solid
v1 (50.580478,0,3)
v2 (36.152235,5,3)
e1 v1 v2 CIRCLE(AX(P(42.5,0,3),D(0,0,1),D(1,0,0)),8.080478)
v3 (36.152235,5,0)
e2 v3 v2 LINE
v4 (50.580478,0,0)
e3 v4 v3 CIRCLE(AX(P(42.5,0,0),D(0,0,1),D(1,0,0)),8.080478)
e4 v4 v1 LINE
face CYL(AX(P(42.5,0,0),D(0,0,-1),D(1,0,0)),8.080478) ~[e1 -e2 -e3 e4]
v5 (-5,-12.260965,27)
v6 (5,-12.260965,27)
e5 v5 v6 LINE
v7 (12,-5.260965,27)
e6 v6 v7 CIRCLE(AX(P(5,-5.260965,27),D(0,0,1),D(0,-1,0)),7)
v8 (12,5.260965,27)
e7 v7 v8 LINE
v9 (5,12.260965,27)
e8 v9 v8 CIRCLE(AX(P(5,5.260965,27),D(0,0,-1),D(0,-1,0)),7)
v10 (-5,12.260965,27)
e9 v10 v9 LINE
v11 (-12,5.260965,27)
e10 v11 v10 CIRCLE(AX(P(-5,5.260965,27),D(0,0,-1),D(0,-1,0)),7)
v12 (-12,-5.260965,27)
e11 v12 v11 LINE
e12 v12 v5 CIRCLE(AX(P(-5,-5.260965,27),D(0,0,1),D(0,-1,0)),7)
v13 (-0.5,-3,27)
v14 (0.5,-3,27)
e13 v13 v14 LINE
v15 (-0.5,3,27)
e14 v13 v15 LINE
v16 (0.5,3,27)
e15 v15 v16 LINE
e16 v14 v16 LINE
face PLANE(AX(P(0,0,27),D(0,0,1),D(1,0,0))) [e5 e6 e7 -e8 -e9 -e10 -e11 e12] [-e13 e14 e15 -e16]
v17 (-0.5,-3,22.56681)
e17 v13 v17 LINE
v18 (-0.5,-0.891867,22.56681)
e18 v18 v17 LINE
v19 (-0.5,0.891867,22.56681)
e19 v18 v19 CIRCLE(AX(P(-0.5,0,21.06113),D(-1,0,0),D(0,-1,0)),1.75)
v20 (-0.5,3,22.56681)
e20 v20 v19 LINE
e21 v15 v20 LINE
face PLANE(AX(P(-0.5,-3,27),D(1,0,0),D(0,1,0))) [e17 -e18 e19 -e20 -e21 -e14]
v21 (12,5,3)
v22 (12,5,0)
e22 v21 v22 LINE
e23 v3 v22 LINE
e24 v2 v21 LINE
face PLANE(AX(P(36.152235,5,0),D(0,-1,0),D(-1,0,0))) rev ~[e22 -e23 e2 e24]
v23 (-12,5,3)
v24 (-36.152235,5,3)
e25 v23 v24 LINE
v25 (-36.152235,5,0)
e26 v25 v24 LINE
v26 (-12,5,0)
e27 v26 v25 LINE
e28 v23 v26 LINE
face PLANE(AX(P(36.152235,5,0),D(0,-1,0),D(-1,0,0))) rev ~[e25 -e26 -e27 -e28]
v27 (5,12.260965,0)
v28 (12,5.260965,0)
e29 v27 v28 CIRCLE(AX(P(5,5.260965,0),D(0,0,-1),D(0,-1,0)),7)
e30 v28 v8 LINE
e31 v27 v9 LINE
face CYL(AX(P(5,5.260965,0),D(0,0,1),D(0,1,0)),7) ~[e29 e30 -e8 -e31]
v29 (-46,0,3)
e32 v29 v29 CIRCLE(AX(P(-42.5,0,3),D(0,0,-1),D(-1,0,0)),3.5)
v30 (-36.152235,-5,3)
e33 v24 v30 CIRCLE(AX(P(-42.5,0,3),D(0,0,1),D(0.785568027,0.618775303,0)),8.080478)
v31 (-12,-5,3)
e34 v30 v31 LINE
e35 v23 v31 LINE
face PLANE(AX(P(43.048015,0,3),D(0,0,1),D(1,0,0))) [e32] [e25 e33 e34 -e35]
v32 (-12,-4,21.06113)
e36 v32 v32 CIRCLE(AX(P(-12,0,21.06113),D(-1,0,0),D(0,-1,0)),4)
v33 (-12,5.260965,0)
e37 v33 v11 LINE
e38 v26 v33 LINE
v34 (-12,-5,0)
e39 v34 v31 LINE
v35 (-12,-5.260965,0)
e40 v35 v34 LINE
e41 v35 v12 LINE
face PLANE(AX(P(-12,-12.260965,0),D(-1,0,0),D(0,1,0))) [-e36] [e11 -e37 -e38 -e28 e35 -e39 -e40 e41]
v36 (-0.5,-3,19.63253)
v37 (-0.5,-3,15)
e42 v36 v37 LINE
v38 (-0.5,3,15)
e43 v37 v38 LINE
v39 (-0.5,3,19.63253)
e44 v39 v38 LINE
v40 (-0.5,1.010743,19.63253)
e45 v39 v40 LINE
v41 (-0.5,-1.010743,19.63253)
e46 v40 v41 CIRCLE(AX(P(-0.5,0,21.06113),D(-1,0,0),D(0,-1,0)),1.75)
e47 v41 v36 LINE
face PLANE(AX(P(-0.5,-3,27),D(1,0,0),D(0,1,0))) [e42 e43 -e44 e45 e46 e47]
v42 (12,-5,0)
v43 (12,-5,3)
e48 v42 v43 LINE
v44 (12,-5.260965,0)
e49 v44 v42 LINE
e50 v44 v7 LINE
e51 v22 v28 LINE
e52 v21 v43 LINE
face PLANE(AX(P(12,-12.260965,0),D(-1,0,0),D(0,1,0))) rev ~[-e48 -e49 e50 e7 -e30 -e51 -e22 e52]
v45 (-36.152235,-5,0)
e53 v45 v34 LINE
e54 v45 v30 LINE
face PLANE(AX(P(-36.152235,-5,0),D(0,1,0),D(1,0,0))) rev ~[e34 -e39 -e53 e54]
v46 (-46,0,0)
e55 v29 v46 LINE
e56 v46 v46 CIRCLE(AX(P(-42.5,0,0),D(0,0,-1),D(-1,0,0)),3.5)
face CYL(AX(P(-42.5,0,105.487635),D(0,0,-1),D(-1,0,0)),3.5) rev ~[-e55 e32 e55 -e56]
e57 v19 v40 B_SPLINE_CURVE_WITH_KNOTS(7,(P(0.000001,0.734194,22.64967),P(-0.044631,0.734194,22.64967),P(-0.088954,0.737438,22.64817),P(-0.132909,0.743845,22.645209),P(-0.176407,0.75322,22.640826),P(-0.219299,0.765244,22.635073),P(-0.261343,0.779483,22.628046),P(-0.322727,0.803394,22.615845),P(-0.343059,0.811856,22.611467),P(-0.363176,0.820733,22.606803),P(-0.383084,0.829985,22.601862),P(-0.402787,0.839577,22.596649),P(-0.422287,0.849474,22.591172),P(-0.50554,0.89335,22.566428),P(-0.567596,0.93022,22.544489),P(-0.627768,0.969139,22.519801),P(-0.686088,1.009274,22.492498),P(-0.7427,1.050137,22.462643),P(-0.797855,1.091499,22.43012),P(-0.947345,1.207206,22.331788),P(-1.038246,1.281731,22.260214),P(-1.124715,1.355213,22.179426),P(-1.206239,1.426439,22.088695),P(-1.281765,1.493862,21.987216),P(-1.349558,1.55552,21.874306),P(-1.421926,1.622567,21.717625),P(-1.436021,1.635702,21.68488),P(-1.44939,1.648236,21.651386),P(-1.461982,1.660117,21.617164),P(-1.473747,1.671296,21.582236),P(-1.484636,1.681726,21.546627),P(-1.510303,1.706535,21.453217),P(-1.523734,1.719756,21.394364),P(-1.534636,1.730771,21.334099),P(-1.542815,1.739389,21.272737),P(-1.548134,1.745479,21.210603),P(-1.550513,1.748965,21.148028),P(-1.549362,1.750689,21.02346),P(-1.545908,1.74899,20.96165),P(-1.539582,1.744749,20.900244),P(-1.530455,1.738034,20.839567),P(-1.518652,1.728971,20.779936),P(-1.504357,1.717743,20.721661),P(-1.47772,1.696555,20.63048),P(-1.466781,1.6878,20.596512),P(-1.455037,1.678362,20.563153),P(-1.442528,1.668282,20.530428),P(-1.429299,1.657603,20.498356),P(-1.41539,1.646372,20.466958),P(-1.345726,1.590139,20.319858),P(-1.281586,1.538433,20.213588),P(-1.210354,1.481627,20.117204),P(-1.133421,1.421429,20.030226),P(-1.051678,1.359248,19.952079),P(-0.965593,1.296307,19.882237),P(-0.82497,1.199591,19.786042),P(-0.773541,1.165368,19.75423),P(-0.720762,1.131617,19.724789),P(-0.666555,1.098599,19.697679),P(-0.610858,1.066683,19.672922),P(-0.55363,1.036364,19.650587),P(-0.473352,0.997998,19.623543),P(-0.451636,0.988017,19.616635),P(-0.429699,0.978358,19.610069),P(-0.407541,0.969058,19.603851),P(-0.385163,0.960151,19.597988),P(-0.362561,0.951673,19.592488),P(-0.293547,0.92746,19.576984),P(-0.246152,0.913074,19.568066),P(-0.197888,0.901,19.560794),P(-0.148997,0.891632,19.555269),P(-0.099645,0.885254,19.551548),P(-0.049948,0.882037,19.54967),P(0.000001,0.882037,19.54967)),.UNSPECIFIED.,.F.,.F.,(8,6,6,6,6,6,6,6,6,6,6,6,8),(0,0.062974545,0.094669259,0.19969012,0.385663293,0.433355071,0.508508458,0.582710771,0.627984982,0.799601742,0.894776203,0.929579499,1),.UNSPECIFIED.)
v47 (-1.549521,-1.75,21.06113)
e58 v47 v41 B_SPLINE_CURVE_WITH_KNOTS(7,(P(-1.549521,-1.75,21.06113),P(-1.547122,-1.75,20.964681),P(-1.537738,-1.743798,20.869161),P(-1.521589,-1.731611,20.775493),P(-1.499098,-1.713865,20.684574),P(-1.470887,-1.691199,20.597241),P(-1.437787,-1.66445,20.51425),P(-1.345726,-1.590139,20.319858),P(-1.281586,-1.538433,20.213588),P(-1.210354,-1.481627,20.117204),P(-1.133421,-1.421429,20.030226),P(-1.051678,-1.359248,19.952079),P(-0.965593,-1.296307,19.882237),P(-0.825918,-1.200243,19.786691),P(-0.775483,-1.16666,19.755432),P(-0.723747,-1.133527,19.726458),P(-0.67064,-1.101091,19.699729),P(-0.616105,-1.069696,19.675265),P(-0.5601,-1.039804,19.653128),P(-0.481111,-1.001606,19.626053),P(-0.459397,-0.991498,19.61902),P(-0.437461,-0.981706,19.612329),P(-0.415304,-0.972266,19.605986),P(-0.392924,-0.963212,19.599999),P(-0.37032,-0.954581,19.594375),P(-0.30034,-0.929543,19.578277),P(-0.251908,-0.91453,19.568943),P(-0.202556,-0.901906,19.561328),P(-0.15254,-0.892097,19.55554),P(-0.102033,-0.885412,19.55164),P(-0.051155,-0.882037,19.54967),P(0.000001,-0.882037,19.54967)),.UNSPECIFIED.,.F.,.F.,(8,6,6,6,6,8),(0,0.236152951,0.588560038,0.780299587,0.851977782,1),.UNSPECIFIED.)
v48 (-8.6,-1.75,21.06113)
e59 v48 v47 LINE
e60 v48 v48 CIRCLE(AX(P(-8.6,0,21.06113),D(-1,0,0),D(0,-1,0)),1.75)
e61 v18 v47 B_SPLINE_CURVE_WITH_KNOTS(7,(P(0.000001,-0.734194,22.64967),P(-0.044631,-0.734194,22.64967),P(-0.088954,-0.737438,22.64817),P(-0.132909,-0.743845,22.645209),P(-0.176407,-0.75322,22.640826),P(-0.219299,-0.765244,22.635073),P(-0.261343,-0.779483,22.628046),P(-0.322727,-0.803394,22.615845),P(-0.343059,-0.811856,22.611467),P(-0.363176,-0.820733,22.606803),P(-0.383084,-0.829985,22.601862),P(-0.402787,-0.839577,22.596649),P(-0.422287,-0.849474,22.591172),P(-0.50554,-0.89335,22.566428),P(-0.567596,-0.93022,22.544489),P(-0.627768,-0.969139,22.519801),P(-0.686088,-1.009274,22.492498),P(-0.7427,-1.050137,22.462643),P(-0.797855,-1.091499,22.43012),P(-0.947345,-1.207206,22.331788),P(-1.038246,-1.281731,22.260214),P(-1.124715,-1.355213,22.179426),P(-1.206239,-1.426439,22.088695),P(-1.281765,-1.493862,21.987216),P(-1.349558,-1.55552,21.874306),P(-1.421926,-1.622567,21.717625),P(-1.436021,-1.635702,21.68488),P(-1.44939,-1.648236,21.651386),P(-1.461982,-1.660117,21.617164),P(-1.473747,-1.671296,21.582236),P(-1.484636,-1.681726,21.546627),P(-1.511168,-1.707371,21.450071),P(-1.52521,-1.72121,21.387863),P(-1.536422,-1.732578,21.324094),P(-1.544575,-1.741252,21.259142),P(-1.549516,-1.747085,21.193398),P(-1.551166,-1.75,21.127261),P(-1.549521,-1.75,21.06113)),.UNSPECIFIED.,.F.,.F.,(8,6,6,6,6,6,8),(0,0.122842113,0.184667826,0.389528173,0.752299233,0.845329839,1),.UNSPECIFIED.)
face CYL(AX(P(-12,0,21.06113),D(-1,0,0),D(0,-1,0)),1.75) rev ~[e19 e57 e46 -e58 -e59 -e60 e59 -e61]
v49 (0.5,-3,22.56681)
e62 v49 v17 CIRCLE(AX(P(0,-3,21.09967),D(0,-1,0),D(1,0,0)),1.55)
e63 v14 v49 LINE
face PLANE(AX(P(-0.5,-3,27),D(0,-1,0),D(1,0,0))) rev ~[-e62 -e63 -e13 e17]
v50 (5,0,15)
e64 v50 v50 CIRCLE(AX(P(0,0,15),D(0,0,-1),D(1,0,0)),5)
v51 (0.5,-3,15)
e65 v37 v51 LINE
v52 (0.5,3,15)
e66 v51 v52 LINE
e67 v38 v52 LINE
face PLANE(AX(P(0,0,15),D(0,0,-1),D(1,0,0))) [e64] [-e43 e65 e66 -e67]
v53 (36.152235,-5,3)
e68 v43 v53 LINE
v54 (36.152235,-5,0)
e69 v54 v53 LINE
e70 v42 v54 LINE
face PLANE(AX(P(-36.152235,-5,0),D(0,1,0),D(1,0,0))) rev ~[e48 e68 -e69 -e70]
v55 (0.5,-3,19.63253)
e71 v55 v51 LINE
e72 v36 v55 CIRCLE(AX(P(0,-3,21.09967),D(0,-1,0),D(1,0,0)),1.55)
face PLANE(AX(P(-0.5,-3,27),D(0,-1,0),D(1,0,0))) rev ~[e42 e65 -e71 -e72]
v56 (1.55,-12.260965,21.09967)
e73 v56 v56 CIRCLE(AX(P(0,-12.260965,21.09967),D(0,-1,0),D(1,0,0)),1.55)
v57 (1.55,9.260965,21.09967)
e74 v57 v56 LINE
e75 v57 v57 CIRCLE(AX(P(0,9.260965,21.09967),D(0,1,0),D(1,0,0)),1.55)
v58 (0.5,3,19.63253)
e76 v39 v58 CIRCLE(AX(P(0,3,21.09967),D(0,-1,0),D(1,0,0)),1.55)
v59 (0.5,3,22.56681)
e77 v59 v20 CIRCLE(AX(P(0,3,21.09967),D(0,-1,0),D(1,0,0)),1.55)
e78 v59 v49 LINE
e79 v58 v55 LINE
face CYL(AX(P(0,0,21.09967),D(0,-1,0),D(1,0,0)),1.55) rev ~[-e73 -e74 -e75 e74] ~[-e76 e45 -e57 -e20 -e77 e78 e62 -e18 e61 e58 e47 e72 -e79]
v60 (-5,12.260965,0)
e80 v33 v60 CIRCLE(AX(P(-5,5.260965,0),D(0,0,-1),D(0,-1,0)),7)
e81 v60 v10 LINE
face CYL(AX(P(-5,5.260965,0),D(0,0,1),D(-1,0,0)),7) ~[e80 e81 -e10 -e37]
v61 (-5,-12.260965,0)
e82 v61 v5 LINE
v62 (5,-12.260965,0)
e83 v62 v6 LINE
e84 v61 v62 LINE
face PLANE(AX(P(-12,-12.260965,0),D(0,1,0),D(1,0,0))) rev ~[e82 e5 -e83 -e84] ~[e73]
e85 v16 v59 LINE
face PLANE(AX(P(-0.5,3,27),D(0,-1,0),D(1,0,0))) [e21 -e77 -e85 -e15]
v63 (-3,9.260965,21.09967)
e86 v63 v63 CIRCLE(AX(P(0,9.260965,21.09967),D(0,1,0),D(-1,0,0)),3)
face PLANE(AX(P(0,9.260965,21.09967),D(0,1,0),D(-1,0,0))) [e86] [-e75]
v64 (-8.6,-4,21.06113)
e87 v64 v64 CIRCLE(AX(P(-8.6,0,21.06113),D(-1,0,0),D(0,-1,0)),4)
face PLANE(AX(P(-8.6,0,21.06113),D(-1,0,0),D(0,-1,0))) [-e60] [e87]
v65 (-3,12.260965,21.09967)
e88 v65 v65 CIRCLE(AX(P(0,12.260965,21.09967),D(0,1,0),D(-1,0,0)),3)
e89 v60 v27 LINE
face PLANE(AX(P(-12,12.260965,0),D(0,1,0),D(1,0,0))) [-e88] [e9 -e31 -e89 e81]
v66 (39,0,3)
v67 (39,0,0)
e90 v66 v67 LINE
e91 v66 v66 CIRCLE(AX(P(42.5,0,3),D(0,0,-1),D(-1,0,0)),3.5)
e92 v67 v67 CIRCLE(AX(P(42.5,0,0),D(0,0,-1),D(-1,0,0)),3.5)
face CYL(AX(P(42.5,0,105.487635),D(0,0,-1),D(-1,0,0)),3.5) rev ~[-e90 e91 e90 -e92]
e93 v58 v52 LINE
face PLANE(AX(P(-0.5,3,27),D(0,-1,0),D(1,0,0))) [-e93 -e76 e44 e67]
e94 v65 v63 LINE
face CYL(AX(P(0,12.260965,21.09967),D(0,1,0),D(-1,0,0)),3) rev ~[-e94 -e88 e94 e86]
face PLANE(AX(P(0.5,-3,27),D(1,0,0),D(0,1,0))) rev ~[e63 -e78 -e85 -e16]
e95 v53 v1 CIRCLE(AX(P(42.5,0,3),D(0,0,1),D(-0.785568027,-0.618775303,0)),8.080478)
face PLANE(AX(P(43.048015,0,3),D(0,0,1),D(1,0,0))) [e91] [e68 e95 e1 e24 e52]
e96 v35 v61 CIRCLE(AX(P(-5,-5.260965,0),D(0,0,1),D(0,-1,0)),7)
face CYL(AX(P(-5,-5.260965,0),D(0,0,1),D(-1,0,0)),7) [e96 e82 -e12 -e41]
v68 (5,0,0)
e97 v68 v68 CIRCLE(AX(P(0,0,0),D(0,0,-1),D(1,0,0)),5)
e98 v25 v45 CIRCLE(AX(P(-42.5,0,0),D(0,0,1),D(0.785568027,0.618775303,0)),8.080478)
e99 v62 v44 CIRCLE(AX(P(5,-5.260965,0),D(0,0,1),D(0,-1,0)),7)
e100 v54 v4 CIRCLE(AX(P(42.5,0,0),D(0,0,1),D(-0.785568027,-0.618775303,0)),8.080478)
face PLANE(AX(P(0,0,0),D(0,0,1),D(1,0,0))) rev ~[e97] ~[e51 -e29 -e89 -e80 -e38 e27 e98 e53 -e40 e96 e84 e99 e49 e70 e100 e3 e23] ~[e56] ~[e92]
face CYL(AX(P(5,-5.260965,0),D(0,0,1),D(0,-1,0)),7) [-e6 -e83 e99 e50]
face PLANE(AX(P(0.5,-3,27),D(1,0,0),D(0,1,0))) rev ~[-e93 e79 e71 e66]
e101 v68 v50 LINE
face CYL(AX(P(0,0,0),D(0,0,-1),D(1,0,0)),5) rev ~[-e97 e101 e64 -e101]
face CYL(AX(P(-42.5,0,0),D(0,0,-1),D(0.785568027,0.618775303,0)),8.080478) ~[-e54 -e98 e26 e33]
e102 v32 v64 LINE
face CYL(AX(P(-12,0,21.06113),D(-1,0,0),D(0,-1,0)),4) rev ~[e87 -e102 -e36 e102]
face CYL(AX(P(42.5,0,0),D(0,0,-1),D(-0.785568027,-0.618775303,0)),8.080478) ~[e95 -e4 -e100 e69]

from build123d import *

# Parameters (mm, degrees)
F1_DEPTH  = 3
F3_D      = 7
F4_W      = 24
F4_H      = 24.5219291974
F5_DEPTH  = 27
F6_R      = 1.55
F7_DEPTH  = 12.5
F8_R      = 1.75
F9_DEPTH  = 12
F10_R     = 4
F11_DEPTH = 3.4
F12_R     = 7
F13_R     = 7
F14_R     = 7
F15_R     = 7
F16_W     = 1
F16_H     = 6
F17_DEPTH = 14
F18_R     = 5
F19_DEPTH = 15
F20_R     = 3
F20_R_2   = 1.55
F21_DEPTH = 3


with BuildPart() as f1:
    # F0 (on Top) → F1 (new body)
    with BuildSketch(Plane.XY):
        with BuildLine():
            Line((42.5, 5), (42.5, -5))
            Line((42.5, -5), (36.1522351233, -5))
            ThreePointArc((36.1522351233, -5), (45.1458596679, -7.635020992), (50.5804776424, 0))
            ThreePointArc((50.5804776424, 0), (45.1458596679, 7.635020992), (36.1522351233, 5))
            Line((36.1522351233, 5), (42.5, 5))
        make_face()
        with BuildLine():
            ThreePointArc((-36.1522351233, 5), (-50.5804776424, 0), (-36.1522351233, -5))
            Line((-36.1522351233, -5), (-42.5, -5))
            Line((-42.5, -5), (-42.5, 5))
            Line((-42.5, 5), (-36.1522351233, 5))
        make_face()
        with BuildLine():
            Line((36.1522351233, -5), (42.5, -5))
            Line((42.5, -5), (42.5, 5))
            Line((42.5, 5), (36.1522351233, 5))
            ThreePointArc((36.1522351233, 5), (34.4195223576, 0), (36.1522351233, -5))
        make_face()
        with BuildLine():
            Line((-36.1522351233, -5), (36.1522351233, -5))
            ThreePointArc((36.1522351233, -5), (34.4195223576, 0), (36.1522351233, 5))
            Line((36.1522351233, 5), (-36.1522351233, 5))
            ThreePointArc((-36.1522351233, 5), (-34.864979008, 2.6458596679), (-34.4195223576, 0))
            ThreePointArc((-34.4195223576, 0), (-34.864979008, -2.6458596679), (-36.1522351233, -5))
        make_face()
        with BuildLine():
            Line((-42.5, -5), (-36.1522351233, -5))
            ThreePointArc((-36.1522351233, -5), (-34.864979008, -2.6458596679), (-34.4195223576, 0))
            ThreePointArc((-34.4195223576, 0), (-34.864979008, 2.6458596679), (-36.1522351233, 5))
            Line((-36.1522351233, 5), (-42.5, 5))
            Line((-42.5, 5), (-42.5, -5))
        make_face()
    extrude(amount=F1_DEPTH)

    # F3 (through all)
    with Locations(Plane.XY.offset(3)):
        with Locations((-42.5, 0), (42.5, 0)):
            Hole(F3_D / 2)

    # F4 (on Top) → F5 (join)
    with BuildSketch(Plane.XY):
        Rectangle(F4_W, F4_H)
    extrude(amount=F5_DEPTH)

    # F6 (on Front) → F7 (cut, symmetric)
    with BuildSketch(Plane.XZ):
        with Locations((0, 21.0996698588)):
            Circle(F6_R)
    extrude(amount=F7_DEPTH, both=True, mode=Mode.SUBTRACT)

    # F8 (on face) → F9 (cut)
    with BuildSketch(Plane(origin=(-12, 0, 0), x_dir=(0, -1, 0), z_dir=(-1, 0, 0))):
        with Locations((0, 21.061129868)):
            Circle(F8_R)
    extrude(amount=-F9_DEPTH, mode=Mode.SUBTRACT)

    # F10 (on face) → F11 (cut)
    with BuildSketch(Plane(origin=(-12, 0, 0), x_dir=(0, -1, 0), z_dir=(-1, 0, 0))):
        with Locations((0, 21.061129868)):
            Circle(F10_R)
    extrude(amount=-F11_DEPTH, mode=Mode.SUBTRACT)

    # F12
    f12_edges = [f1.edges().sort_by_distance(p)[0] for p in [
        (-12, 12.260965, 13.5),
    ]]
    fillet(f12_edges, radius=F12_R)

    # F13
    f13_edges = [f1.edges().sort_by_distance(p)[0] for p in [
        (12, 12.260965, 13.5),
    ]]
    fillet(f13_edges, radius=F13_R)

    # F14
    f14_edges = [f1.edges().sort_by_distance(p)[0] for p in [
        (-12, -12.260965, 13.5),
    ]]
    fillet(f14_edges, radius=F14_R)

    # F15
    f15_edges = [f1.edges().sort_by_distance(p)[0] for p in [
        (12, -12.260965, 13.5),
    ]]
    fillet(f15_edges, radius=F15_R)

    # F16 (on face) → F17 (cut)
    with BuildSketch(Plane.XY.offset(27)):
        Rectangle(F16_W, F16_H)
    extrude(amount=-F17_DEPTH, mode=Mode.SUBTRACT)

    # F18 (on face) → F19 (cut)
    with BuildSketch(Plane(origin=(0, 0, 0), x_dir=(1, 0, 0), z_dir=(0, 0, -1))):
        Circle(F18_R)
    extrude(amount=-F19_DEPTH, mode=Mode.SUBTRACT)

    # F20 (on face) → F21 (cut)
    with BuildSketch(Plane(origin=(0, 12.2609645987, 0), x_dir=(-1, 0, 0), z_dir=(0, 1, 0))):
        with Locations((0, 21.0996698588)):
            Circle(F20_R)
        with Locations((0, 21.0996698588)):
            Circle(F20_R_2, mode=Mode.SUBTRACT)
    extrude(amount=-F21_DEPTH, mode=Mode.SUBTRACT)


solid = f1.part
